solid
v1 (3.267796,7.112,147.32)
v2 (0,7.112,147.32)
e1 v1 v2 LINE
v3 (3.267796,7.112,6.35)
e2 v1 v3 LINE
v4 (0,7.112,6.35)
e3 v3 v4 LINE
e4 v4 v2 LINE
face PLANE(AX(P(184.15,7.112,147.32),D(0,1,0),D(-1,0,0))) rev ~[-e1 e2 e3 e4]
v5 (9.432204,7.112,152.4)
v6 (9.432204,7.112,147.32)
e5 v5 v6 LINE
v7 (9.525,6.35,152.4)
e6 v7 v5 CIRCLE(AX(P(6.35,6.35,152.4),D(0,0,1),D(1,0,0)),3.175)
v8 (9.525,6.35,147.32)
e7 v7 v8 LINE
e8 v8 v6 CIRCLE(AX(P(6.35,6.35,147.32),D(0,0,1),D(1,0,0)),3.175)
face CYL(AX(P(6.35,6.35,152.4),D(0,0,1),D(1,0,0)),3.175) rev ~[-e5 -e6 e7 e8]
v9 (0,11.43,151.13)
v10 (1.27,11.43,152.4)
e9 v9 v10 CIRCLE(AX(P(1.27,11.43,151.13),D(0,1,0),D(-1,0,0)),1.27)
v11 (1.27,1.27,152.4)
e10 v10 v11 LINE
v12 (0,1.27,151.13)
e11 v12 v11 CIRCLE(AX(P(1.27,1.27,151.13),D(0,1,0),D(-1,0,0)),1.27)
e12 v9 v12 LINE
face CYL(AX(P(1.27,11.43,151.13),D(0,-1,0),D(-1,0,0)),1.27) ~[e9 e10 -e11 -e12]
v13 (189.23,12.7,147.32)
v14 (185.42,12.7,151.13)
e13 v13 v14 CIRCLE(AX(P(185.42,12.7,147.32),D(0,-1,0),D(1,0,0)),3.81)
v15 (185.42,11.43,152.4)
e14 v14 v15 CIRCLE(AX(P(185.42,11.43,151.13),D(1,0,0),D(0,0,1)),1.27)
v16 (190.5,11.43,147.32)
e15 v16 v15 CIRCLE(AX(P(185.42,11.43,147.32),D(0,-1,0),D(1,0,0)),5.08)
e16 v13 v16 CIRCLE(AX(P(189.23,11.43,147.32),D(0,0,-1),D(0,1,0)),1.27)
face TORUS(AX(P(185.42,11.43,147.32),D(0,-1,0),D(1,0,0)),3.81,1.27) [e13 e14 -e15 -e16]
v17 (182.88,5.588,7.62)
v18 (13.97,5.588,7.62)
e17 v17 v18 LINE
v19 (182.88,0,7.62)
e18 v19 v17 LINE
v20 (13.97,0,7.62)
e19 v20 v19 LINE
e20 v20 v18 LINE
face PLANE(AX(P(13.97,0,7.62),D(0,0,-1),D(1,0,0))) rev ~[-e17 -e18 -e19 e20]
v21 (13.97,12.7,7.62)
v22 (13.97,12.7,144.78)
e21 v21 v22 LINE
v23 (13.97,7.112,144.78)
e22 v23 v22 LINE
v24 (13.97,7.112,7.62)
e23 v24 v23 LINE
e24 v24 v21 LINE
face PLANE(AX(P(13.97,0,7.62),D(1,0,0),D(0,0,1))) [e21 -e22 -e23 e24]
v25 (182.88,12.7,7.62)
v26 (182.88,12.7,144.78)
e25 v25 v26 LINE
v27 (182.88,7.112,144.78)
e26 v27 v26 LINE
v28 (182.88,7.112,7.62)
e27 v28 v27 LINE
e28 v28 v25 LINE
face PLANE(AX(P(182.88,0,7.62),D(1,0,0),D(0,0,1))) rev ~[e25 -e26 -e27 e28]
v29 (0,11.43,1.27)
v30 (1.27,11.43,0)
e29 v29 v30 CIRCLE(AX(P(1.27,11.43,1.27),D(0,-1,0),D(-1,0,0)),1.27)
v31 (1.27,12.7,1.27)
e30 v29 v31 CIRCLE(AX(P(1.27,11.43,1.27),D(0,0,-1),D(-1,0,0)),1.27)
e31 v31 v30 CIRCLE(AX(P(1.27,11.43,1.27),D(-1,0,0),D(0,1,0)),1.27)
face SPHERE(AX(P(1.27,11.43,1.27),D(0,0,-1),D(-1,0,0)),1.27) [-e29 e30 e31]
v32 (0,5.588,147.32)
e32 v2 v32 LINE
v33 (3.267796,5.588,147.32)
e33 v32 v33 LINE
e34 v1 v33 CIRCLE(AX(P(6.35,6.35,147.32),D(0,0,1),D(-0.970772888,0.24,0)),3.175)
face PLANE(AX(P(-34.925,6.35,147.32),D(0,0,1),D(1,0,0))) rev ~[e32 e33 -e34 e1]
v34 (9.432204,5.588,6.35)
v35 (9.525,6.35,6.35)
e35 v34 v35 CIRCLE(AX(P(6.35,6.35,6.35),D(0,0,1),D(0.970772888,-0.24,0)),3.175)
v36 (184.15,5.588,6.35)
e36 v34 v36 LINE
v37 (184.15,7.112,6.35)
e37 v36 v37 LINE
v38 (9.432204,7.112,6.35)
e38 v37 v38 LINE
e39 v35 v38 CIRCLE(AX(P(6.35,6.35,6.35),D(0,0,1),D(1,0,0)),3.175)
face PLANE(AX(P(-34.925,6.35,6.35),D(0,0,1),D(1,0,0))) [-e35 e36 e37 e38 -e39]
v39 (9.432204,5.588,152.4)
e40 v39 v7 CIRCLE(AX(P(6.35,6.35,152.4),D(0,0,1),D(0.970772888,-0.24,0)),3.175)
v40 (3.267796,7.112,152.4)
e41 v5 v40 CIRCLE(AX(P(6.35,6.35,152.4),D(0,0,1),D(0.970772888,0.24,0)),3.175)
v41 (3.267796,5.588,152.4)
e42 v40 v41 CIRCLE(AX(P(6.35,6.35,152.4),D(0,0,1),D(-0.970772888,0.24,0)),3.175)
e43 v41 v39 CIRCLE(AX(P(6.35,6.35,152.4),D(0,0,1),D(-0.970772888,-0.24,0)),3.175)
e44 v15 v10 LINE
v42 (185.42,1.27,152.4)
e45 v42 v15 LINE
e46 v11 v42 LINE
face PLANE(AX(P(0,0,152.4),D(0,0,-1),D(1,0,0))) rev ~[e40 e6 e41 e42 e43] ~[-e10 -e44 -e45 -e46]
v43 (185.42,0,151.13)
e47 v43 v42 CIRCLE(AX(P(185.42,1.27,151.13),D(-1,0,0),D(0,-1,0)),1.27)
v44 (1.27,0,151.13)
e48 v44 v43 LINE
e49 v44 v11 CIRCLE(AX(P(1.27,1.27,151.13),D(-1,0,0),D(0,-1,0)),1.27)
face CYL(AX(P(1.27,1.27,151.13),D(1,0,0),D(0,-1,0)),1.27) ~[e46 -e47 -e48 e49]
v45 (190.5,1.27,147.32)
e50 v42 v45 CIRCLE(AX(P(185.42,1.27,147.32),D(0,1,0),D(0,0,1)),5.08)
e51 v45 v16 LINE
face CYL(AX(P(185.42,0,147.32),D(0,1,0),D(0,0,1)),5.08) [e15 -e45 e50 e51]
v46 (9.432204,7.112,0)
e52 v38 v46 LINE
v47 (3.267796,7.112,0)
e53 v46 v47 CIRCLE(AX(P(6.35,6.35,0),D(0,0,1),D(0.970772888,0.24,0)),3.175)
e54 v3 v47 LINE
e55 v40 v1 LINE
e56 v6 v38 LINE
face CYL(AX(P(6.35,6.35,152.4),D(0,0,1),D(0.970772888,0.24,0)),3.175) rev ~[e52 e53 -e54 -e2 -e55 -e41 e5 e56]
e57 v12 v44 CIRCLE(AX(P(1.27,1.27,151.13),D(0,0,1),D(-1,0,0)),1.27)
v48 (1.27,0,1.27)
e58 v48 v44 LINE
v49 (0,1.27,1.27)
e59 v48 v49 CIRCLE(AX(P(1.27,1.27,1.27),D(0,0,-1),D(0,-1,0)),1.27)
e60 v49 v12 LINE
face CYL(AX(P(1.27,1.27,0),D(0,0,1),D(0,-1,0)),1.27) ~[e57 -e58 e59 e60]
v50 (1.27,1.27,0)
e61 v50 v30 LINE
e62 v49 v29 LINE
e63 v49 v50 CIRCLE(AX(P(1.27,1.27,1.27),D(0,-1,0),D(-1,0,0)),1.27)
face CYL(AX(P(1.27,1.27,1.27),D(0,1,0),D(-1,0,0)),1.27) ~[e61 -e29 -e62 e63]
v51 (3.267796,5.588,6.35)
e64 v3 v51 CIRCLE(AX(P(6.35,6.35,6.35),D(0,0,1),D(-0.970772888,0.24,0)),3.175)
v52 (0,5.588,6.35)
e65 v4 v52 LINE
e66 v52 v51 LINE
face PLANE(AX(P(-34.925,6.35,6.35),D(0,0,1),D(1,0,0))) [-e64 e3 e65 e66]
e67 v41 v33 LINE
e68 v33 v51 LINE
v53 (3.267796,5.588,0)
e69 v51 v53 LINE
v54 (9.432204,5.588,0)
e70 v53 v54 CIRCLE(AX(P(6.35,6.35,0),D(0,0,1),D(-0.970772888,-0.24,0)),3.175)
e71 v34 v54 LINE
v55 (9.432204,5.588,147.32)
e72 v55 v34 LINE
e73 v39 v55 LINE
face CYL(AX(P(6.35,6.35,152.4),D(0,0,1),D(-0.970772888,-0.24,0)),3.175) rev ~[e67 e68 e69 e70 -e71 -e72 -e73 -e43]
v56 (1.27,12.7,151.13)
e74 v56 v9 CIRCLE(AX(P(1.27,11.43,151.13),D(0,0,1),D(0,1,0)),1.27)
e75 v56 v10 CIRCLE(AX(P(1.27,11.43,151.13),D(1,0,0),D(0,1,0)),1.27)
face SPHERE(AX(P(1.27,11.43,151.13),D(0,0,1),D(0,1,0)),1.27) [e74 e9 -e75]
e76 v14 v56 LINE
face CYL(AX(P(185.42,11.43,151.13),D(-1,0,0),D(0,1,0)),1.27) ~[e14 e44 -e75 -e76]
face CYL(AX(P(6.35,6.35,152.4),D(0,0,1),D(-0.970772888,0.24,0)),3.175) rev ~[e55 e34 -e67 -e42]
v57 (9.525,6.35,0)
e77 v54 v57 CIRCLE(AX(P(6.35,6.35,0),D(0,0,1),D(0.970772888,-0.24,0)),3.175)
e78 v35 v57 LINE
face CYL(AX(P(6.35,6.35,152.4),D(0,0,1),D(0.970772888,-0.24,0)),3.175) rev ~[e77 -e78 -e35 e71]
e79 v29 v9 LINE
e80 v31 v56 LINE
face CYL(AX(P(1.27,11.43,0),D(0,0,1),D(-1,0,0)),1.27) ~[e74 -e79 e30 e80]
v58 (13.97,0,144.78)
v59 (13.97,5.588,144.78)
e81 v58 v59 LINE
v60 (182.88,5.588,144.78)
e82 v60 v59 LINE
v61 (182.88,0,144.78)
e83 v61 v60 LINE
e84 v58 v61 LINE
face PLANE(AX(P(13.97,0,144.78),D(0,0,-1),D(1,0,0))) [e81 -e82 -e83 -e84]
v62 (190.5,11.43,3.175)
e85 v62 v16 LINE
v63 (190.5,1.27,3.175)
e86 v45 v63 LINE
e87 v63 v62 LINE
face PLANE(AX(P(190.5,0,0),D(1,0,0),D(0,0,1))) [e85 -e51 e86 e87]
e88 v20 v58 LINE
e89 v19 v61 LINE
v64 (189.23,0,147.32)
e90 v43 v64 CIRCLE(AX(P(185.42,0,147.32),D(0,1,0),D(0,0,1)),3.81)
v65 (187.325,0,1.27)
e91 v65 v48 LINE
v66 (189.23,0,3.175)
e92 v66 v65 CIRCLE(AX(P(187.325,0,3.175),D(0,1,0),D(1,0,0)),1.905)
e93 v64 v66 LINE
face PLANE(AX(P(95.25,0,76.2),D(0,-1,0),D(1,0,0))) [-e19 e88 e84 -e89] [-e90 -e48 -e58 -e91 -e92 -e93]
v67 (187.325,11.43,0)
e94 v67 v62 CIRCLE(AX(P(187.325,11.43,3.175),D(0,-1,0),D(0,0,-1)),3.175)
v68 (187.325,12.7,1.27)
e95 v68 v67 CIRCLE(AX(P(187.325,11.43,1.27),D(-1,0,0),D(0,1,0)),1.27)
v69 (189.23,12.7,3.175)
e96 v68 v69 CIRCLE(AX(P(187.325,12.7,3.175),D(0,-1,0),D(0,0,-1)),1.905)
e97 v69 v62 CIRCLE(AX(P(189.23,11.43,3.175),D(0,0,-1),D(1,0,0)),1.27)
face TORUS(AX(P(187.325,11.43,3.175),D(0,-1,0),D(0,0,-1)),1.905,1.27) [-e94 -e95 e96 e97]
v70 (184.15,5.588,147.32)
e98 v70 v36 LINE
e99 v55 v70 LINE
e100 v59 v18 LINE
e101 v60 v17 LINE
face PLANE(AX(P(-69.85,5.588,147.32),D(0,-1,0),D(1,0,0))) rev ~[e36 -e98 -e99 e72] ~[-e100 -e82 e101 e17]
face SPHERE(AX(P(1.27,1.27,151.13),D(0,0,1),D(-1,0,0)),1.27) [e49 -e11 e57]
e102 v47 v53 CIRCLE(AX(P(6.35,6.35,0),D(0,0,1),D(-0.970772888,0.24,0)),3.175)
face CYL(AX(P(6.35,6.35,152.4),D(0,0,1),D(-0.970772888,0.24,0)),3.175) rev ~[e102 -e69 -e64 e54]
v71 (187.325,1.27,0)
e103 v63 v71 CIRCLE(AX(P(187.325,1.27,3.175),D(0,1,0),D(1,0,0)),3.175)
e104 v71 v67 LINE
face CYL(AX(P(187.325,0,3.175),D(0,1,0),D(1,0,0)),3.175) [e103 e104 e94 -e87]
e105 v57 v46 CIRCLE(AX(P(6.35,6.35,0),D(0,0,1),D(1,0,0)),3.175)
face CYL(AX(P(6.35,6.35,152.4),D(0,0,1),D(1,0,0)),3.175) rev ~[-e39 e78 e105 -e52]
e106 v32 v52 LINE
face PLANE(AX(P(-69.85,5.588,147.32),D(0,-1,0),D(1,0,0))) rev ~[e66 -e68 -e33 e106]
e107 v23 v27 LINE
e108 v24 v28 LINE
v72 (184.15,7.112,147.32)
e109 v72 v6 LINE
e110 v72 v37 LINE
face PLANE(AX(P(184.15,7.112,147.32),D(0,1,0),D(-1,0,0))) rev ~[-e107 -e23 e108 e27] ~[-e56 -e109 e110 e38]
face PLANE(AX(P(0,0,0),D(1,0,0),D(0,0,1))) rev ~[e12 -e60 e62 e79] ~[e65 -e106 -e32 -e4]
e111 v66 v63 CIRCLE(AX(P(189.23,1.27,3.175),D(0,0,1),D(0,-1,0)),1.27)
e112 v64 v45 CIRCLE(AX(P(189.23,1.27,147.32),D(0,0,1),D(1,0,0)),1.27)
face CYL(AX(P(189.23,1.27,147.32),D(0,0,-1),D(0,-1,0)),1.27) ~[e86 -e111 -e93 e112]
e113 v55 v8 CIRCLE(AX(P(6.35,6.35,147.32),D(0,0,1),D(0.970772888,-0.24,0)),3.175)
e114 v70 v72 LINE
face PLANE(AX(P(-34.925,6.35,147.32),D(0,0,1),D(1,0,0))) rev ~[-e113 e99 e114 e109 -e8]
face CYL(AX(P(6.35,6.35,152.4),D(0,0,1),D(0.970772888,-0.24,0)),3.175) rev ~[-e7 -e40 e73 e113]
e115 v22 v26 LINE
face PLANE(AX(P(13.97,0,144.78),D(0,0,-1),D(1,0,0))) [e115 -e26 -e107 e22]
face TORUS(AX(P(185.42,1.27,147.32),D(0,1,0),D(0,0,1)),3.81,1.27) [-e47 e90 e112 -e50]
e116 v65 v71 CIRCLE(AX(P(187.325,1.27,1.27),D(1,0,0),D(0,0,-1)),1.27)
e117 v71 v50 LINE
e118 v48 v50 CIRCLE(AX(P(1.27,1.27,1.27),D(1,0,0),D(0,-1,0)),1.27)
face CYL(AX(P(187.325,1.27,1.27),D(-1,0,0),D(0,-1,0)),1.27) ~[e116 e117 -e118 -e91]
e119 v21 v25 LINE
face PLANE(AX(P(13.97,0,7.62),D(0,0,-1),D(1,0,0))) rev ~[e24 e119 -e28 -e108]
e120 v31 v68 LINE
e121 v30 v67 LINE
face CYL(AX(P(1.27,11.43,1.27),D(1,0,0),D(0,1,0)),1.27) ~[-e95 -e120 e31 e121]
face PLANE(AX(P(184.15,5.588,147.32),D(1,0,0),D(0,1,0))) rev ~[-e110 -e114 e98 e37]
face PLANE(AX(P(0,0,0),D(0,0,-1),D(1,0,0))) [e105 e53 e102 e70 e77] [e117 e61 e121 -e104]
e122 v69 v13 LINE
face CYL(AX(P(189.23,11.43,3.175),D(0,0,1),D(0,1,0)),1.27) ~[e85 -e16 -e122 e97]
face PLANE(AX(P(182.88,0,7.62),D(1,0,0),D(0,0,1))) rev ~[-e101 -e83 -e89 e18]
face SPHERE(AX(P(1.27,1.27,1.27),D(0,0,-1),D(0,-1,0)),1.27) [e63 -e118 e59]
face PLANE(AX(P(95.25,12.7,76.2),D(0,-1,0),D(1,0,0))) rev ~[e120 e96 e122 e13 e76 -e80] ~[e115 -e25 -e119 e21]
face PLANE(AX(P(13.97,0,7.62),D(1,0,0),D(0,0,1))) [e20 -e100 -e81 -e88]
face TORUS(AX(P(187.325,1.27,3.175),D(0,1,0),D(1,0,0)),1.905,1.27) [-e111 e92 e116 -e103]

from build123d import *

# Parameters (mm, degrees)
F0_W     = 190.5
F0_H     = 152.4
F0_W_2   = 168.91
F0_H_2   = 137.16
F1_DEPTH = 12.7
F3_R     = 5.08
F4_R     = 3.175
F5_R     = 1.27
F6_R     = 1.27
F7_START = -5.08
F2_W     = 69.85
F2_H     = 1.524
F7_DEPTH = 140.97
F8_DEPTH = 152.401


with BuildPart() as f1:
    # F0 (on Front) → F1 (new body)
    with BuildSketch(Plane.XZ):
        with Locations((95.25, 76.2)):
            Rectangle(F0_W, F0_H)
        with Locations((98.425, 76.2)):
            Rectangle(F0_W_2, F0_H_2, mode=Mode.SUBTRACT)
    extrude(amount=-F1_DEPTH)

    # F3
    f3_edges = [f1.edges().sort_by_distance(p)[0] for p in [
        (190.5, 6.35, 152.4),
    ]]
    fillet(f3_edges, radius=F3_R)

    # F4
    f4_edges = [f1.edges().sort_by_distance(p)[0] for p in [
        (190.5, 6.35, 0),
    ]]
    fillet(f4_edges, radius=F4_R)

    # F5
    f5_edges = [f1.edges().sort_by_distance(p)[0] for p in [
        (0, 0, 76.2),
        (0, 12.7, 76.2),
    ]]
    fillet(f5_edges, radius=F5_R)

    # F6
    f6_edges = [f1.edges().sort_by_distance(p)[0] for p in [
        (93.345, 0, 152.4),
        (1.27, 0, 76.2),
    ]]
    fillet(f6_edges, radius=F6_R)

    # F2 (on face) → F7 (cut)
    with BuildSketch(Plane.XY.offset(152.4).offset(F7_START)):
        with Locations((-34.925, 6.35)):
            Rectangle(F2_W, F2_H)
        with BuildLine():
            ThreePointArc((3.2677960807, 5.588), (3.175, 6.35), (3.2677960807, 7.112))
            Line((3.2677960807, 7.112), (0, 7.112))
            Line((0, 7.112), (0, 5.588))
            Line((0, 5.588), (3.2677960807, 5.588))
        make_face()
        with BuildLine():
            ThreePointArc((9.4322039193, 5.588), (9.5017155998, 5.9661852294), (9.525, 6.35))
            ThreePointArc((9.525, 6.35), (9.5017155998, 6.7338147706), (9.4322039193, 7.112))
            Line((9.4322039193, 7.112), (3.2677960807, 7.112))
            ThreePointArc((3.2677960807, 7.112), (3.175, 6.35), (3.2677960807, 5.588))
            Line((3.2677960807, 5.588), (9.4322039193, 5.588))
        make_face()
        with BuildLine():
            ThreePointArc((9.4322039193, 7.112), (9.5017155998, 6.7338147706), (9.525, 6.35))
            ThreePointArc((9.525, 6.35), (9.5017155998, 5.9661852294), (9.4322039193, 5.588))
            Line((9.4322039193, 5.588), (184.15, 5.588))
            Line((184.15, 5.588), (184.15, 7.112))
            Line((184.15, 7.112), (9.4322039193, 7.112))
        make_face()
    extrude(amount=-F7_DEPTH, mode=Mode.SUBTRACT)

    # F2 (on face) → F8 (cut, through all)
    with BuildSketch(Plane.XY.offset(152.4)):
        with BuildLine():
            ThreePointArc((9.4322039193, 5.588), (9.5017155998, 5.9661852294), (9.525, 6.35))
            ThreePointArc((9.525, 6.35), (9.5017155998, 6.7338147706), (9.4322039193, 7.112))
            Line((9.4322039193, 7.112), (3.2677960807, 7.112))
            ThreePointArc((3.2677960807, 7.112), (3.175, 6.35), (3.2677960807, 5.588))
            Line((3.2677960807, 5.588), (9.4322039193, 5.588))
        make_face()
        with BuildLine():
            ThreePointArc((3.2677960807, 5.588), (6.35, 3.175), (9.4322039193, 5.588))
            Line((9.4322039193, 5.588), (3.2677960807, 5.588))
        make_face()
        with BuildLine():
            Line((3.2677960807, 7.112), (9.4322039193, 7.112))
            ThreePointArc((9.4322039193, 7.112), (6.35, 9.525), (3.2677960807, 7.112))
        make_face()
    extrude(amount=-F8_DEPTH, mode=Mode.SUBTRACT)


solid = f1.part
